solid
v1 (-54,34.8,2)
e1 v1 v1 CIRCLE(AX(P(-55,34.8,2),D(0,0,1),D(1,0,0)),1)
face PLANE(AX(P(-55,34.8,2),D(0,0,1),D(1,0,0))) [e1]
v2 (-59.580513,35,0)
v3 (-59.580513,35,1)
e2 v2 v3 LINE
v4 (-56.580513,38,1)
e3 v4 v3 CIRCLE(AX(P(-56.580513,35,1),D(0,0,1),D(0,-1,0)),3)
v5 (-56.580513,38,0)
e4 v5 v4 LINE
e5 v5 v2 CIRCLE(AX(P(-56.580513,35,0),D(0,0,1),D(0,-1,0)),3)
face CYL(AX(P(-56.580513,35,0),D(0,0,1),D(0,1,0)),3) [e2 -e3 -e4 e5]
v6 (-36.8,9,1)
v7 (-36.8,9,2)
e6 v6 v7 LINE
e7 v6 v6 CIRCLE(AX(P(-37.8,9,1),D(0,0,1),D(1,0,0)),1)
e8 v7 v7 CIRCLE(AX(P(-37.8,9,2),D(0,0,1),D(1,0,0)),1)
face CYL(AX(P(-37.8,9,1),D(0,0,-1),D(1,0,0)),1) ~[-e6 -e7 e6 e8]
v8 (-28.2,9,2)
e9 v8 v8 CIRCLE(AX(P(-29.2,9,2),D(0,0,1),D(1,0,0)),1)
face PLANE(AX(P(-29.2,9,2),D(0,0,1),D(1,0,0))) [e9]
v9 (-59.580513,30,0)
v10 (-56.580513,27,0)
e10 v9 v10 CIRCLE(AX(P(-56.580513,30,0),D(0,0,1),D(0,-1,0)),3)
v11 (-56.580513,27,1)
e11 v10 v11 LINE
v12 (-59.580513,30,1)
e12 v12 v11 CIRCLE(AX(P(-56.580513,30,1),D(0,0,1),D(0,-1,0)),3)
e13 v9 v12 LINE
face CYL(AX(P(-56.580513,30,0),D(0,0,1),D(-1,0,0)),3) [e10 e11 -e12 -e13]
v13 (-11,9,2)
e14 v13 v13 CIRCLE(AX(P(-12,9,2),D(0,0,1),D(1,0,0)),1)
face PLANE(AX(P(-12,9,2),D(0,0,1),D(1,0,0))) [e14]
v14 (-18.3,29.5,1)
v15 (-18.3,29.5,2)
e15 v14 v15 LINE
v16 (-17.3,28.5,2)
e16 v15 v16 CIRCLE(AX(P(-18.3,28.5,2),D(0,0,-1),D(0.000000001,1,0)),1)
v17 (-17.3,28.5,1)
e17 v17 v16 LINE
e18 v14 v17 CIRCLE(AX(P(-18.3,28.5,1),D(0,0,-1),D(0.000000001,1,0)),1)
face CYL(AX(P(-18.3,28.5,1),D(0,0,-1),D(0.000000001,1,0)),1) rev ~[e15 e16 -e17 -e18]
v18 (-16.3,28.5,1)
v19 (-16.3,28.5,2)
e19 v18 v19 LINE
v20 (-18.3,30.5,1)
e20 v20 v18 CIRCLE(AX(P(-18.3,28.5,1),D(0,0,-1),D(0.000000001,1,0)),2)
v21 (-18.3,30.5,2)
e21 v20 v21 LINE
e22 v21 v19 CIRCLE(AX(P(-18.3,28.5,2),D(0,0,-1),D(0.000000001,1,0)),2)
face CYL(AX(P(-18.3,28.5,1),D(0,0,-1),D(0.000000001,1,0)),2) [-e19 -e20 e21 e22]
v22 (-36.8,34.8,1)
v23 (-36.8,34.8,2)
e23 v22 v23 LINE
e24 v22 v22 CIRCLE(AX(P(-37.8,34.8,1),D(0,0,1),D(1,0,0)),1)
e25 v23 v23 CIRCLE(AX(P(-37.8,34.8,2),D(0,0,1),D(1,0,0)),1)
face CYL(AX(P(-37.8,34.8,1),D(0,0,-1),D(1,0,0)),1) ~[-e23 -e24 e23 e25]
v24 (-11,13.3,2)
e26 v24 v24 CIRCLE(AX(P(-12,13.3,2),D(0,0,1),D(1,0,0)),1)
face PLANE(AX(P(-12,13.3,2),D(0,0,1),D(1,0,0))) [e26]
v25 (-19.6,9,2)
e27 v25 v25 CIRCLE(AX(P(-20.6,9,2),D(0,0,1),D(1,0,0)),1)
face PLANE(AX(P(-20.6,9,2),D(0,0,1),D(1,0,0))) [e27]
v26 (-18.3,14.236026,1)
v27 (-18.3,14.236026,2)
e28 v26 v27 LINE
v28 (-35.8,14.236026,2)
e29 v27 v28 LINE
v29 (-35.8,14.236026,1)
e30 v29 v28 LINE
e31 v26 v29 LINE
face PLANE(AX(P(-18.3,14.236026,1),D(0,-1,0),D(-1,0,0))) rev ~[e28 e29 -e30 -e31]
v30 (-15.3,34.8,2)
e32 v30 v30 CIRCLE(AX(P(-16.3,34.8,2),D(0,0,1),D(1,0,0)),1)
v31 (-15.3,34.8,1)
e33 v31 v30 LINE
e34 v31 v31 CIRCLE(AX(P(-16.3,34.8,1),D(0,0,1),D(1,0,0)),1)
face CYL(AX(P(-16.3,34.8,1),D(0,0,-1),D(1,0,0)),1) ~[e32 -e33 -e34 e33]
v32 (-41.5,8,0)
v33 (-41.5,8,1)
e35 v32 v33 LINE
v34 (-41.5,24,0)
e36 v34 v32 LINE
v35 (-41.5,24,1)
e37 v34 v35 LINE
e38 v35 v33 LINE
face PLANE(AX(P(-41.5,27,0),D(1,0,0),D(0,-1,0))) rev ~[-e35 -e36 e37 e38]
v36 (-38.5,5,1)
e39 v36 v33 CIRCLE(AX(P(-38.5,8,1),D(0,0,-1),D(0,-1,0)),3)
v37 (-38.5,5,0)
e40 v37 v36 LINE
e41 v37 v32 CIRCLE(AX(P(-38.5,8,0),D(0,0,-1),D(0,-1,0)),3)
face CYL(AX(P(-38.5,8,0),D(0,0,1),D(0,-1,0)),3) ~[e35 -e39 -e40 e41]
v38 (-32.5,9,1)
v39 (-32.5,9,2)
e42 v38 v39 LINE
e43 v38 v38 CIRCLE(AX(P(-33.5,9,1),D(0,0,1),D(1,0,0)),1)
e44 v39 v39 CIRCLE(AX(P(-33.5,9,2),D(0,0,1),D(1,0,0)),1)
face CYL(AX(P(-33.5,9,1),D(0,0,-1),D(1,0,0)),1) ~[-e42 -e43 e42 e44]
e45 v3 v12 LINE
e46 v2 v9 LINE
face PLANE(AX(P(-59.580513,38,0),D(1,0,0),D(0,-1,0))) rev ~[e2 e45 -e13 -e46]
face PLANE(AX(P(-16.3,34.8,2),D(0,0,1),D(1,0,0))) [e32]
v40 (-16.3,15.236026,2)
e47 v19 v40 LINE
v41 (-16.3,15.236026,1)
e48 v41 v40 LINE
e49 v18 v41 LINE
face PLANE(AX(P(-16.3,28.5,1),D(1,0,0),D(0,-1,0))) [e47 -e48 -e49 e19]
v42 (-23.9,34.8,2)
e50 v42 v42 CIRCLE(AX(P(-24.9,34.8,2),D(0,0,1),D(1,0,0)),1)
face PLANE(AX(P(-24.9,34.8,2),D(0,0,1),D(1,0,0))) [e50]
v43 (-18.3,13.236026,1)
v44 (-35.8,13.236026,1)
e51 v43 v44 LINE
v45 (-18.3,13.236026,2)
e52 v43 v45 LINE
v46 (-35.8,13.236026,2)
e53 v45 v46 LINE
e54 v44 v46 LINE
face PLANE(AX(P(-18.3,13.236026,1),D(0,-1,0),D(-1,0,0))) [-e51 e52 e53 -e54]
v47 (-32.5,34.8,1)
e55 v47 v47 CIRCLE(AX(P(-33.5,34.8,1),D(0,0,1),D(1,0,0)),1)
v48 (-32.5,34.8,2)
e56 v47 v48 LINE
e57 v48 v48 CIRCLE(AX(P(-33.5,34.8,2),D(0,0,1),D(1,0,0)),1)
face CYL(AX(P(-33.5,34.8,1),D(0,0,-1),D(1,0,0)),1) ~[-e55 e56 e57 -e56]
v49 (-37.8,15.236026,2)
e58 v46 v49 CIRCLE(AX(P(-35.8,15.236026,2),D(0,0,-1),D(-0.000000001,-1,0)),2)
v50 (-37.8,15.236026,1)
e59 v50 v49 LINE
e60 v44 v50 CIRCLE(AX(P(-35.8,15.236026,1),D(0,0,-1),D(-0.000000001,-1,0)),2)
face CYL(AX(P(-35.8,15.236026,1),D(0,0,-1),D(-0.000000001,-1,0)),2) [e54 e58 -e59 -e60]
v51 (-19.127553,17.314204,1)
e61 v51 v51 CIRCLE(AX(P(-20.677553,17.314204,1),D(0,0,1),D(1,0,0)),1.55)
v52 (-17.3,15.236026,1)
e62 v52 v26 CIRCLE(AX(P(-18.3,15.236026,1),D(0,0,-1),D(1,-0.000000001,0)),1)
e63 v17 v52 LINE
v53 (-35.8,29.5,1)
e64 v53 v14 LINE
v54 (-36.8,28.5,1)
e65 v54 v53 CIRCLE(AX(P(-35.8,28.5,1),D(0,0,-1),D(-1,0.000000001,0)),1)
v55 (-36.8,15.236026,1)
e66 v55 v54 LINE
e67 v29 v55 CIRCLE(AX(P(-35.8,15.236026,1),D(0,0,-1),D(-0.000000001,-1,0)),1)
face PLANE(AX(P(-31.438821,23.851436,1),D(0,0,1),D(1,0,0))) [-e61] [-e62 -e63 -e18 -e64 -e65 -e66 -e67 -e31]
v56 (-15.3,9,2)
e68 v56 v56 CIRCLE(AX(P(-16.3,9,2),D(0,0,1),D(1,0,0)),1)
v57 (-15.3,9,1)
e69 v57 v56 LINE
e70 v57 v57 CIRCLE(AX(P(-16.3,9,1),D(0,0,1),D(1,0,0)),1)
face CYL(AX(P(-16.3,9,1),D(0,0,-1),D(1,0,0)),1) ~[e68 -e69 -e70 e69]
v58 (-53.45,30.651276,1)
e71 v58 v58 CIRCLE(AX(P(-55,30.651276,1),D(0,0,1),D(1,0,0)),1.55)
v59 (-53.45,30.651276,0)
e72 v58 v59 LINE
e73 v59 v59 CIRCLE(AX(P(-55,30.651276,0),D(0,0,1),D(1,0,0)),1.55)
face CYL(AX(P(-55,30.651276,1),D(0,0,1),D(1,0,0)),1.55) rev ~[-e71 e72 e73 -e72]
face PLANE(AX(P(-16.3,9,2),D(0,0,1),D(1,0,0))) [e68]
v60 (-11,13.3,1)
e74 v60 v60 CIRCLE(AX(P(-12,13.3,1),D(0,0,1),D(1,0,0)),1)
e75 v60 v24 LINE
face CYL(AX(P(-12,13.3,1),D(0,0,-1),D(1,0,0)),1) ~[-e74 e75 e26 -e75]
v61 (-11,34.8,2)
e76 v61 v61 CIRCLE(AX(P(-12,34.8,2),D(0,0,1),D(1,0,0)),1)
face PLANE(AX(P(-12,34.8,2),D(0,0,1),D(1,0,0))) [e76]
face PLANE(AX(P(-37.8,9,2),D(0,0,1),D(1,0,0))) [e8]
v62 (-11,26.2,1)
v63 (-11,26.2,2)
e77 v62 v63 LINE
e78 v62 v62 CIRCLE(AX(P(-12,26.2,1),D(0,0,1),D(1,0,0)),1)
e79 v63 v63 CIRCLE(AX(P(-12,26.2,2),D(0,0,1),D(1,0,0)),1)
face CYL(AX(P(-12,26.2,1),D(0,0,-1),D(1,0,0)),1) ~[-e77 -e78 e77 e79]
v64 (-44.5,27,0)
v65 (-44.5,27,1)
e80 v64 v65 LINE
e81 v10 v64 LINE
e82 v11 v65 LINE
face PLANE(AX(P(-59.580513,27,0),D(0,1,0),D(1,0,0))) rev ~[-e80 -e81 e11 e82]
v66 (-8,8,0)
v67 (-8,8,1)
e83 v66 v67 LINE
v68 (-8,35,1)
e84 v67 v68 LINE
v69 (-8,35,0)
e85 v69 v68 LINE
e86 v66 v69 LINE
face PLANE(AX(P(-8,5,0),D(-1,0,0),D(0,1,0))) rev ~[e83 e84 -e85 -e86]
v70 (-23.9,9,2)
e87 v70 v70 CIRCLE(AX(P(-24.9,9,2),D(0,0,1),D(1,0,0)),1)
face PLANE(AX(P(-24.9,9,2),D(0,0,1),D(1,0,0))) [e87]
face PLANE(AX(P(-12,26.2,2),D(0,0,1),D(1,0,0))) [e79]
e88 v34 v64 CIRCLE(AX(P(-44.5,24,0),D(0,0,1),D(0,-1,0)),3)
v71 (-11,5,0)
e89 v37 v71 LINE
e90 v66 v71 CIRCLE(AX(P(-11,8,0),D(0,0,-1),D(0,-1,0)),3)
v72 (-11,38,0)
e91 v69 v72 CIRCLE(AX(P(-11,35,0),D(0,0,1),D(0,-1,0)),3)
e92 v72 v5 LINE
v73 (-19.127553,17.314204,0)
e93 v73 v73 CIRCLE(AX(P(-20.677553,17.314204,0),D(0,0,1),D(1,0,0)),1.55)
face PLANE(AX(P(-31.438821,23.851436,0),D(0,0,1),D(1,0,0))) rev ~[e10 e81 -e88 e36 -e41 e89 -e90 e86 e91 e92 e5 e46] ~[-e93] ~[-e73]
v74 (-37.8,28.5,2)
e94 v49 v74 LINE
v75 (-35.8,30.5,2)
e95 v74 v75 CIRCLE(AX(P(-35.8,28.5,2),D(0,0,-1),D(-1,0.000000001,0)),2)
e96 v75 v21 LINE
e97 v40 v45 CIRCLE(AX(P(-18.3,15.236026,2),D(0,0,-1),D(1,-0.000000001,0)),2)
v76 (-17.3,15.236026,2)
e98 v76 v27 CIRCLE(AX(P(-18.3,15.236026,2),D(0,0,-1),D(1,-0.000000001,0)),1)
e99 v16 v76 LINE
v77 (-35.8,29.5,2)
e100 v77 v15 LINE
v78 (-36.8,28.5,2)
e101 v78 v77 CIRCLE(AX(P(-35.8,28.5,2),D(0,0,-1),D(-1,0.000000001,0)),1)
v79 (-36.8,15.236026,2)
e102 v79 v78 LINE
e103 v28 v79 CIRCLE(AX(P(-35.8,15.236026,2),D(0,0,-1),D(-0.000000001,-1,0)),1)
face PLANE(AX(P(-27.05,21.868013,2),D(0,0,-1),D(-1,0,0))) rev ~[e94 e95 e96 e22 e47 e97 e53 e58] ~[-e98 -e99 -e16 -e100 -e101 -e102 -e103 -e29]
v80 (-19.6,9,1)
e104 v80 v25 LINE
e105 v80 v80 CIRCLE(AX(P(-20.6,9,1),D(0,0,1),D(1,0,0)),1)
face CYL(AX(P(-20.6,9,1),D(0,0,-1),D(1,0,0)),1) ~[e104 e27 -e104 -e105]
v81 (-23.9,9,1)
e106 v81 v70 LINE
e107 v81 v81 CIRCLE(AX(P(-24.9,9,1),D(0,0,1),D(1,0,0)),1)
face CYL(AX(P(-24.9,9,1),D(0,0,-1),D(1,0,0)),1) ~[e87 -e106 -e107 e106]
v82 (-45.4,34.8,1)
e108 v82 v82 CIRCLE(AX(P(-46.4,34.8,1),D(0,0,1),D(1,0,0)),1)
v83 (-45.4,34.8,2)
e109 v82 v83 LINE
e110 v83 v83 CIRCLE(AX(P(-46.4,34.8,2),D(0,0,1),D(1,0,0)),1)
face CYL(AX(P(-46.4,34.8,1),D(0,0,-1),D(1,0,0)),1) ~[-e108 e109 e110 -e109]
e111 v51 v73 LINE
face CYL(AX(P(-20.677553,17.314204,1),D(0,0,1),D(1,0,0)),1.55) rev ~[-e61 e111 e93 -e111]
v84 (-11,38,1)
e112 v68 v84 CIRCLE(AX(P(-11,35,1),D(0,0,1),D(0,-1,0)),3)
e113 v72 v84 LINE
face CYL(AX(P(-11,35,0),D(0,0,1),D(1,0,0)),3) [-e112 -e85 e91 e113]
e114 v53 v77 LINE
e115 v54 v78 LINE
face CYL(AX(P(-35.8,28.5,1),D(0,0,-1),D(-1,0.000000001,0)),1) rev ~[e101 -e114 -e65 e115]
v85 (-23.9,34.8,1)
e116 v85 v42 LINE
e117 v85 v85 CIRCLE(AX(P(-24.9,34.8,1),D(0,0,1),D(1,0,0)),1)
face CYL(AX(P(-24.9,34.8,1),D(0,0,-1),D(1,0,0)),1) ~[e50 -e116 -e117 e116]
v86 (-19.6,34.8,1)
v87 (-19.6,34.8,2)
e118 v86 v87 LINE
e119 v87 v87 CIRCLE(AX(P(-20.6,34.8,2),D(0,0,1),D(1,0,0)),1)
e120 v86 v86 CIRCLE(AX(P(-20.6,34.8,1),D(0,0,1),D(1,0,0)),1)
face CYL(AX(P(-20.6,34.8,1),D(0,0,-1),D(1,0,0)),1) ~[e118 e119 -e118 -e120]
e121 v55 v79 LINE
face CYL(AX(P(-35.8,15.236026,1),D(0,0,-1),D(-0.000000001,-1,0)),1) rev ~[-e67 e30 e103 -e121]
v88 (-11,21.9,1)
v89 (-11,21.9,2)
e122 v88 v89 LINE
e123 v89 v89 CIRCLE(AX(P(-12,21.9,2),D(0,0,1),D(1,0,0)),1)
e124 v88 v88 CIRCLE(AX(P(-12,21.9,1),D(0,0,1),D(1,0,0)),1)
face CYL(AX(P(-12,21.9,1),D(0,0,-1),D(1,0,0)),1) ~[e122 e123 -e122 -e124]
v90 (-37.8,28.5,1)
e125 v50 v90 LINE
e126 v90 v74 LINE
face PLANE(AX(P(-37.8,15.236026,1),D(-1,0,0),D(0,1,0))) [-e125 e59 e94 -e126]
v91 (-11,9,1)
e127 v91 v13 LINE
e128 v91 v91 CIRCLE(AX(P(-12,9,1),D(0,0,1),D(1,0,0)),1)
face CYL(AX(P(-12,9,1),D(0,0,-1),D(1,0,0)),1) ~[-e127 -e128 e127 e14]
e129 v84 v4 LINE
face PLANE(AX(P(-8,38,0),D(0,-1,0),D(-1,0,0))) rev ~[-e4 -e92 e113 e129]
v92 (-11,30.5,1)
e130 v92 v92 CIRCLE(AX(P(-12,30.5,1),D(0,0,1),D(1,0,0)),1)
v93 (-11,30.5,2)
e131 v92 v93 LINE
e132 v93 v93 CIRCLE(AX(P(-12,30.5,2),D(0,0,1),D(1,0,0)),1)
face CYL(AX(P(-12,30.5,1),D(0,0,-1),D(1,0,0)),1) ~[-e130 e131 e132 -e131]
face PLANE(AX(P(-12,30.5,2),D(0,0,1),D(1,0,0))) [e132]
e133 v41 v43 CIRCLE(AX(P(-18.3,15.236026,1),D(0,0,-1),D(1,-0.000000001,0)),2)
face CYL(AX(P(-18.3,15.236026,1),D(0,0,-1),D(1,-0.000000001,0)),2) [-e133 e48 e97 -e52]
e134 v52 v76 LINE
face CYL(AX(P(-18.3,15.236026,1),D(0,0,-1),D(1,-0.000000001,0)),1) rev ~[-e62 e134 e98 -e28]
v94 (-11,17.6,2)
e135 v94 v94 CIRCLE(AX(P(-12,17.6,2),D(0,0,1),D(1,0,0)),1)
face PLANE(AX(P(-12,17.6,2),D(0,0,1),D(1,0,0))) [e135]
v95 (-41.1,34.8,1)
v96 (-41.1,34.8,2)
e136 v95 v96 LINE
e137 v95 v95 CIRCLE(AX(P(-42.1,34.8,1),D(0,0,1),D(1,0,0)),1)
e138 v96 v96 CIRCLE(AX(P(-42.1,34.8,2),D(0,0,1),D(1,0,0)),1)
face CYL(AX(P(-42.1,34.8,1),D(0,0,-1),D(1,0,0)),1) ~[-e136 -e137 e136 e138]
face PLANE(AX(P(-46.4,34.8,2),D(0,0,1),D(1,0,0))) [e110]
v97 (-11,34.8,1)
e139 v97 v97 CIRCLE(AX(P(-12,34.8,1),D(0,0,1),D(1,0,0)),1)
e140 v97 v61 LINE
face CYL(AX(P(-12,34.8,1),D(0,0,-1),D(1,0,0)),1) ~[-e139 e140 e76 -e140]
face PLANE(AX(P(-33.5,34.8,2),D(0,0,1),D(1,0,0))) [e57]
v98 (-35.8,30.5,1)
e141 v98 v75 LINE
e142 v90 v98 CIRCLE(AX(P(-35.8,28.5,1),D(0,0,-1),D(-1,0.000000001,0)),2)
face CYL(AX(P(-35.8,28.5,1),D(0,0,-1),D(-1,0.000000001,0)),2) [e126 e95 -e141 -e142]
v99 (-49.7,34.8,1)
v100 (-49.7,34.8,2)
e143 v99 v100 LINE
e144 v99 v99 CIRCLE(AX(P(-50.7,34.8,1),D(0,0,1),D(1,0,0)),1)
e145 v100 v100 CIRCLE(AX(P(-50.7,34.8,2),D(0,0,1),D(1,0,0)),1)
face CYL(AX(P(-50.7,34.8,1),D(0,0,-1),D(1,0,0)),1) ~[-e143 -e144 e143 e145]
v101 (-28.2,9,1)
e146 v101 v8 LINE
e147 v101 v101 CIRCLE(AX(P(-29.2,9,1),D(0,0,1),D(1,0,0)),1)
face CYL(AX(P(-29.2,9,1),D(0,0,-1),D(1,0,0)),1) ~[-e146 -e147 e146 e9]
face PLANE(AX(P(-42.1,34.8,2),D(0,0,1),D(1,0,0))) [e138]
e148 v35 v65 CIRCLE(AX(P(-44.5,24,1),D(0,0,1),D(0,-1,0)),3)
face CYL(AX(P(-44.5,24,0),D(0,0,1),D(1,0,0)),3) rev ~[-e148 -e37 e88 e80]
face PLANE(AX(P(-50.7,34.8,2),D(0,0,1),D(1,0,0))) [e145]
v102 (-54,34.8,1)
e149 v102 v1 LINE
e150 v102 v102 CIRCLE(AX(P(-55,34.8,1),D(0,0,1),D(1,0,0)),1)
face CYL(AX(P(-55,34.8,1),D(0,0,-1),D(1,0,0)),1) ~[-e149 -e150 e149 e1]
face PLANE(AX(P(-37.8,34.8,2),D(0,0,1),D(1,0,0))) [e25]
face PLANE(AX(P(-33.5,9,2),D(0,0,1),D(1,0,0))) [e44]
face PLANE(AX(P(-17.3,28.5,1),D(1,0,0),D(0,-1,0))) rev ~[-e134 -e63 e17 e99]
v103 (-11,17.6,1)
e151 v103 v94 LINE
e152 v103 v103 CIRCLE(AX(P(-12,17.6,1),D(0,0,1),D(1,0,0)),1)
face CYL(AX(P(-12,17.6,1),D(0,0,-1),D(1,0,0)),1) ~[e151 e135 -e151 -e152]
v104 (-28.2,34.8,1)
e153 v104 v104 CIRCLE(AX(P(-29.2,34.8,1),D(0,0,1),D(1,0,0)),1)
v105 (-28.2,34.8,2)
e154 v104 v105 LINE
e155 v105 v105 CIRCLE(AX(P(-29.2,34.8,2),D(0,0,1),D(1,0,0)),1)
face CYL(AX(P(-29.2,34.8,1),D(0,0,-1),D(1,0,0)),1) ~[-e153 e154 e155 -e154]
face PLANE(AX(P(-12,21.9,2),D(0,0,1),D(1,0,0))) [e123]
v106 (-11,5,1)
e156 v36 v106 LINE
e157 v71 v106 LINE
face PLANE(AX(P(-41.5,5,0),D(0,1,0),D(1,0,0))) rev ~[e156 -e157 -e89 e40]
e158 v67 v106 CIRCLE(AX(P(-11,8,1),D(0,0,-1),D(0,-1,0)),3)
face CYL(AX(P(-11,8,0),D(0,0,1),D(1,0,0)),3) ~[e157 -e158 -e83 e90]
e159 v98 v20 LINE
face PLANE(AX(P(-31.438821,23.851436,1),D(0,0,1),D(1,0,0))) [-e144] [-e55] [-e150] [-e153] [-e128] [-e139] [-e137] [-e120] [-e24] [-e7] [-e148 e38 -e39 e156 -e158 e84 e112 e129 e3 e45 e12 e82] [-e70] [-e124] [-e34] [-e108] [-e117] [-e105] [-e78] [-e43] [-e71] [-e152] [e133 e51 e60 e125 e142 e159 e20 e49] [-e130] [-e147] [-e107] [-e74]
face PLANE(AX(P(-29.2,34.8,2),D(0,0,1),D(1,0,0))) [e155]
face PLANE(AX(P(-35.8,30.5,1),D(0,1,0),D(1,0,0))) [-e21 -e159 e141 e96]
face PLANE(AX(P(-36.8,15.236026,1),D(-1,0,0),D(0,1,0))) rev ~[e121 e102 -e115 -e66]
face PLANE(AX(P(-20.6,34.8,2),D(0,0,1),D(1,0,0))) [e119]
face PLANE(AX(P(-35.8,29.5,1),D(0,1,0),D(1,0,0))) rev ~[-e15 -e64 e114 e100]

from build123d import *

# Parameters (mm, degrees)
BOSS_EXTRUDE1_DEPTH = 1
SKETCH2_R           = 1
BOSS_EXTRUDE2_DEPTH = 1
FILLET1_R           = 3
CUT_EXTRUDE1_REACH  = 3
SKETCH3_R           = 1.55


with BuildPart() as part:
    # Sketch1 → Boss-Extrude1 (new body)
    with BuildSketch(Plane.XY):
        Polygon((-8, 5), (-8, 38), (-59.580513121, 38), (-59.580513121, 27), (-41.5, 27), (-41.5, 5), align=None)
    extrude(amount=BOSS_EXTRUDE1_DEPTH)

    # Sketch2 → Boss-Extrude2 (add)
    with BuildSketch(Plane.XY.offset(1)):
        with Locations((-12, 9)):
            Circle(SKETCH2_R)
        with Locations((-12, 13.3)):
            Circle(SKETCH2_R)
        with Locations((-12, 17.6)):
            Circle(SKETCH2_R)
        with Locations((-12, 21.9)):
            Circle(SKETCH2_R)
        with Locations((-12, 26.2)):
            Circle(SKETCH2_R)
        with Locations((-12, 30.5)):
            Circle(SKETCH2_R)
        with Locations((-12, 34.8)):
            Circle(SKETCH2_R)
        with Locations((-16.3, 9)):
            Circle(SKETCH2_R)
        with Locations((-20.6, 9)):
            Circle(SKETCH2_R)
        with Locations((-24.9, 9)):
            Circle(SKETCH2_R)
        with Locations((-29.2, 9)):
            Circle(SKETCH2_R)
        with Locations((-33.5, 9)):
            Circle(SKETCH2_R)
        with Locations((-37.8, 9)):
            Circle(SKETCH2_R)
        with Locations((-16.3, 34.8)):
            Circle(SKETCH2_R)
        with Locations((-20.6, 34.8)):
            Circle(SKETCH2_R)
        with Locations((-24.9, 34.8)):
            Circle(SKETCH2_R)
        with Locations((-29.2, 34.8)):
            Circle(SKETCH2_R)
        with Locations((-33.5, 34.8)):
            Circle(SKETCH2_R)
        with Locations((-37.8, 34.8)):
            Circle(SKETCH2_R)
        with Locations((-42.1, 34.8)):
            Circle(SKETCH2_R)
        with Locations((-46.4, 34.8)):
            Circle(SKETCH2_R)
        with Locations((-50.7, 34.8)):
            Circle(SKETCH2_R)
        with Locations((-55, 34.8)):
            Circle(SKETCH2_R)
        with BuildLine():
            Line((-35.8, 30.5), (-18.3, 30.5))
            ThreePointArc((-18.3, 30.5), (-16.885786438, 29.914213562), (-16.3, 28.5))
            Line((-16.3, 28.5), (-16.3, 15.236025644))
            ThreePointArc((-16.3, 15.236025644), (-16.885786438, 13.821812082), (-18.3, 13.236025644))
            Line((-18.3, 13.236025644), (-35.8, 13.236025644))
            ThreePointArc((-35.8, 13.236025644), (-37.214213562, 13.821812082), (-37.8, 15.236025644))
            Line((-37.8, 15.236025644), (-37.8, 28.5))
            ThreePointArc((-37.8, 28.5), (-37.214213562, 29.914213562), (-35.8, 30.5))
        make_face()
        with BuildLine():
            Line((-35.8, 29.5), (-18.3, 29.5))
            ThreePointArc((-18.3, 29.5), (-17.592893219, 29.207106781), (-17.3, 28.5))
            Line((-17.3, 28.5), (-17.3, 15.236025644))
            ThreePointArc((-17.3, 15.236025644), (-17.592893219, 14.528918863), (-18.3, 14.236025644))
            Line((-18.3, 14.236025644), (-35.8, 14.236025644))
            ThreePointArc((-35.8, 14.236025644), (-36.507106781, 14.528918863), (-36.8, 15.236025644))
            Line((-36.8, 15.236025644), (-36.8, 28.5))
            ThreePointArc((-36.8, 28.5), (-36.507106781, 29.207106781), (-35.8, 29.5))
        make_face(mode=Mode.SUBTRACT)
    extrude(amount=BOSS_EXTRUDE2_DEPTH)

    # Fillet1
    fillet1_edges = [part.edges().sort_by_distance(p)[0] for p in [
        (-41.5, 5, 0.5),
        (-41.5, 27, 0.5),
        (-59.580513121, 27, 0.5),
        (-59.580513121, 38, 0.5),
        (-8, 38, 0.5),
        (-8, 5, 0.5),
    ]]
    fillet(fillet1_edges, radius=FILLET1_R)

    # Sketch3 → Cut-Extrude1 (cut, up to next)
    with BuildSketch(Plane.XY.offset(1), mode=Mode.PRIVATE) as cut_extrude1_sk1:
        with Locations((-20.677552724, 17.314204089)):
            Circle(SKETCH3_R)
    cut_extrude1_tool1 = extrude(cut_extrude1_sk1.sketch, amount=-CUT_EXTRUDE1_REACH, mode=Mode.PRIVATE) & part.part
    add(cut_extrude1_tool1.solids().sort_by_distance((-20.677553, 17.314204, 1))[0], mode=Mode.SUBTRACT)
    # Sketch3 → Cut-Extrude1 (cut, up to next)
    with BuildSketch(Plane.XY.offset(1), mode=Mode.PRIVATE) as cut_extrude1_sk2:
        with Locations((-55, 30.651276125)):
            Circle(SKETCH3_R)
    cut_extrude1_tool2 = extrude(cut_extrude1_sk2.sketch, amount=-CUT_EXTRUDE1_REACH, mode=Mode.PRIVATE) & part.part
    add(cut_extrude1_tool2.solids().sort_by_distance((-55, 30.651276, 1))[0], mode=Mode.SUBTRACT)


solid = part.part
